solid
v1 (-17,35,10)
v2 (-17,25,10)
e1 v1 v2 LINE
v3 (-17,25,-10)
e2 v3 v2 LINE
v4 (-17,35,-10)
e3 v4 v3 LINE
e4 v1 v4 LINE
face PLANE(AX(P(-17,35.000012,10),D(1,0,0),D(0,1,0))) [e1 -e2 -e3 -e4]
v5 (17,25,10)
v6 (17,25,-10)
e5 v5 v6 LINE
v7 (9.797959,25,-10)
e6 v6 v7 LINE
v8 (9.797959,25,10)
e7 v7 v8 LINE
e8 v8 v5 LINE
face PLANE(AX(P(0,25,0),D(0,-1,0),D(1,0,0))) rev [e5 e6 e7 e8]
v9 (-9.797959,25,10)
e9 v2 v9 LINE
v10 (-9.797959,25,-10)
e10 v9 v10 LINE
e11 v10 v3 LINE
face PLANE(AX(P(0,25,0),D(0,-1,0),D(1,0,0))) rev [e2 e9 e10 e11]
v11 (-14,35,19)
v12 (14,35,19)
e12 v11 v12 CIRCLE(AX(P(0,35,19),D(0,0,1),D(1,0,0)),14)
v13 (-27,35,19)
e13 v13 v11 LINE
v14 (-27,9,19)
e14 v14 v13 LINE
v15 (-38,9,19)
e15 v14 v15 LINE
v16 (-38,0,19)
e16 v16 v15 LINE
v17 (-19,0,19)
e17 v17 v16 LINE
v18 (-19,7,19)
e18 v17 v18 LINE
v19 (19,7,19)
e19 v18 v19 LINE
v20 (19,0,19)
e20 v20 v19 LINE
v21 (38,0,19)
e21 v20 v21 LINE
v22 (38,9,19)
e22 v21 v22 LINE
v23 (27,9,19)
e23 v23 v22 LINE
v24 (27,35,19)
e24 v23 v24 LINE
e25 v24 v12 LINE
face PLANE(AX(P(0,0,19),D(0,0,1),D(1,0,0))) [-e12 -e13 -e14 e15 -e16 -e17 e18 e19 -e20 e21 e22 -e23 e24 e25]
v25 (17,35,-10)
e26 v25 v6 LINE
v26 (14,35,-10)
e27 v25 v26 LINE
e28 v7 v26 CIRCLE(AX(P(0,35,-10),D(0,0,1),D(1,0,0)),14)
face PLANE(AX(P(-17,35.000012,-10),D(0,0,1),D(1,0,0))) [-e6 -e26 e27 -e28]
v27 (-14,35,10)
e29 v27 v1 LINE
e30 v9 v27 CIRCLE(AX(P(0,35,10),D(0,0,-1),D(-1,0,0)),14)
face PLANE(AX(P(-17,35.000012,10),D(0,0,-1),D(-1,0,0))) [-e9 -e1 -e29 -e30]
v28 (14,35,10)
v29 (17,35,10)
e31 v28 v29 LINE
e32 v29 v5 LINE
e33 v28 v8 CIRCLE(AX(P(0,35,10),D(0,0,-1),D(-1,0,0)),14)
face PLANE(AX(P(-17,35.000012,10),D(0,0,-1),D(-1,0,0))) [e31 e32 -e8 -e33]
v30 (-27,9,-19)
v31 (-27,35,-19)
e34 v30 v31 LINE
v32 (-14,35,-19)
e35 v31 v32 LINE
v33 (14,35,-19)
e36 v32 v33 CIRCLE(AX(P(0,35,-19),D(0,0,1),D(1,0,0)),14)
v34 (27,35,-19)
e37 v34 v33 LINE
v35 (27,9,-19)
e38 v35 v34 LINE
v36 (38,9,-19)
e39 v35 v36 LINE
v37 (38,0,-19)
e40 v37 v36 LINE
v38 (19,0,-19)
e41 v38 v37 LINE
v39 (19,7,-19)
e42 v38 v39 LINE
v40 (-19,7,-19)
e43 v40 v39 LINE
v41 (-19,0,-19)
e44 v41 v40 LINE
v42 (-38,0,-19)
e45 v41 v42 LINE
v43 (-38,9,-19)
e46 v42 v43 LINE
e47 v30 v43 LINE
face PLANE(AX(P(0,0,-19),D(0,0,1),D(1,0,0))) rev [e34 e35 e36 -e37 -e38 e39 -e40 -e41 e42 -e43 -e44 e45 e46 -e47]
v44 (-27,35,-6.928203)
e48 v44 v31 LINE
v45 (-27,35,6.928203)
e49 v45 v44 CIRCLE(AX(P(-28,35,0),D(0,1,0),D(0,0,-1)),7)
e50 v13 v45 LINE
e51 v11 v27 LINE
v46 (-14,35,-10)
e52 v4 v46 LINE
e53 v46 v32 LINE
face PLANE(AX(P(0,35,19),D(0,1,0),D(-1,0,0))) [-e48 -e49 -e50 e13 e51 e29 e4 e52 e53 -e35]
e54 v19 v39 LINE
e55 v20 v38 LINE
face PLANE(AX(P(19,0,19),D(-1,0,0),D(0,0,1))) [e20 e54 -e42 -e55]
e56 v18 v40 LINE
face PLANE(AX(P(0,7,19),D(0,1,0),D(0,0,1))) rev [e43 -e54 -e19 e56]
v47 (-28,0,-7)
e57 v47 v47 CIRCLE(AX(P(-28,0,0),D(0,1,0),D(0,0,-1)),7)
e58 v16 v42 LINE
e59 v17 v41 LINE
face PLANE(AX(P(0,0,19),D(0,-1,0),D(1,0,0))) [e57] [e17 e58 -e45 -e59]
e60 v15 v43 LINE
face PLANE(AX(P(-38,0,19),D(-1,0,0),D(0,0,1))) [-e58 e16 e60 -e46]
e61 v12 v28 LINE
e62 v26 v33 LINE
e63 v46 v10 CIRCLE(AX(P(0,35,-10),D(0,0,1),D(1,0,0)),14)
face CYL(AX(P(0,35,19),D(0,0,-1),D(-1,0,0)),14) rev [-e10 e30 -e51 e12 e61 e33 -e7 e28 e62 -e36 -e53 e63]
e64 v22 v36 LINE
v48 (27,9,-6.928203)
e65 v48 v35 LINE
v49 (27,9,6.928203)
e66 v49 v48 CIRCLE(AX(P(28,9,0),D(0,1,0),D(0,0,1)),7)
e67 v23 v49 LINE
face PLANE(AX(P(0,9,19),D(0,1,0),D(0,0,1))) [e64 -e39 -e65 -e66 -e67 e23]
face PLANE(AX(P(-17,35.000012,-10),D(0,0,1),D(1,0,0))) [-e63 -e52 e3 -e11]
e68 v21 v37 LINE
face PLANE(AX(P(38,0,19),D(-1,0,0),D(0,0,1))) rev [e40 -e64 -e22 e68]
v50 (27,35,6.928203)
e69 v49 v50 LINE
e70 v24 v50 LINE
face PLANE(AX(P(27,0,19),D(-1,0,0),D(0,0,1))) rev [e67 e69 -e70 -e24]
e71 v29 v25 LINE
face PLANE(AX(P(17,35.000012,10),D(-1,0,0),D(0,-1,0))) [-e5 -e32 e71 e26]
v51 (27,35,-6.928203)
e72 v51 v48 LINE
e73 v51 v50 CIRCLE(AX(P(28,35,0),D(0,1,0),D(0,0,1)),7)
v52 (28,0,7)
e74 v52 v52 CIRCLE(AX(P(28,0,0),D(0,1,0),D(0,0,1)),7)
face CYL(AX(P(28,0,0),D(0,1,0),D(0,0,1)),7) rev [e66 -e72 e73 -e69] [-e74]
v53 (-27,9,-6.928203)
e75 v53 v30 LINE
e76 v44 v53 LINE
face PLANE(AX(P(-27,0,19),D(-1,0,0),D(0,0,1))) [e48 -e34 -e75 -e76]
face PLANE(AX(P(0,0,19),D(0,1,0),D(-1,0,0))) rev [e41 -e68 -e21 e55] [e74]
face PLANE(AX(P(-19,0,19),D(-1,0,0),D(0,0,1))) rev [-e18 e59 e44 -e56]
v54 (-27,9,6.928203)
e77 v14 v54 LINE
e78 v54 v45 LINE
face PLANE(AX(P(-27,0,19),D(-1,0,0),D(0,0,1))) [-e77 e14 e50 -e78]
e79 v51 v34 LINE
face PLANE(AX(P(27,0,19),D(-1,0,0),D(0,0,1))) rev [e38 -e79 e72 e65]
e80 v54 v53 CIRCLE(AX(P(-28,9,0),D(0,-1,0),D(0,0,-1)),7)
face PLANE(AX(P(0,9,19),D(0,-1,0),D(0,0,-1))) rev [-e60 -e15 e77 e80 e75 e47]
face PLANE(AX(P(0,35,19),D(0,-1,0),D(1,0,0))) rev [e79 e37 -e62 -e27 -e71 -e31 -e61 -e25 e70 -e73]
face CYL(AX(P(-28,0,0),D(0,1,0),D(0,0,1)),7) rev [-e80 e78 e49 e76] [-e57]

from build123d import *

# Parameters (mm, degrees)
EXTRUDE_1_DEPTH          = 19
CUT_EXTRUDE_1_DEPTH      = 50.809637622
CUT_EXTRUDE_1_DEPTH_BACK = 50.809637622
SKETCH_2_R               = 7
CUT_EXTRUDE_2_DEPTH      = 56.045435778
CUT_EXTRUDE_2_DEPTH_BACK = 10
SKETCH_3_W               = 34
SKETCH_3_H               = 20


with BuildPart() as part:
    # 草图1 → 凸台-拉伸1 (new, symmetric)
    with BuildSketch(Plane.XY):
        with BuildLine():
            ThreePointArc((-14, 35), (0, 21), (14, 35))
            Line((14, 35), (27, 35))
            Line((27, 35), (27, 9))
            Line((27, 9), (38, 9))
            Line((38, 9), (38, 0))
            Line((38, 0), (19, 0))
            Line((19, 0), (19, 7))
            Line((19, 7), (-19, 7))
            Line((-19, 7), (-19, 0))
            Line((-19, 0), (-38, 0))
            Line((-38, 0), (-38, 9))
            Line((-38, 9), (-27, 9))
            Line((-27, 9), (-27, 35))
            Line((-27, 35), (-14, 35))
        make_face()
    extrude(amount=EXTRUDE_1_DEPTH, both=True)

    # 草图2 → 切除-拉伸1 (cut, two sides: drawn at the far end of the back side and taken through both)
    with BuildSketch(Plane(origin=(0, 9, 0), x_dir=(1, 0, 0), z_dir=(0, 1, 0)).offset(-CUT_EXTRUDE_1_DEPTH_BACK)):
        with Locations(Location((28, 0, 0), (0, 0, 270))):
            Circle(SKETCH_2_R)
        with Locations(Location((-28, 0, 0), (0, 0, 278.213210702))):
            Circle(SKETCH_2_R)
    extrude(amount=CUT_EXTRUDE_1_DEPTH + CUT_EXTRUDE_1_DEPTH_BACK, mode=Mode.SUBTRACT)

    # 草图3 → 切除-拉伸2 (cut, two sides: drawn at the far end of the back side and taken through both)
    with BuildSketch(Plane(origin=(0, 35, 0), x_dir=(1, 0, 0), z_dir=(0, 1, 0)).offset(-CUT_EXTRUDE_2_DEPTH_BACK)):
        Rectangle(SKETCH_3_W, SKETCH_3_H)
    extrude(amount=CUT_EXTRUDE_2_DEPTH + CUT_EXTRUDE_2_DEPTH_BACK, mode=Mode.SUBTRACT)


solid = part.part
